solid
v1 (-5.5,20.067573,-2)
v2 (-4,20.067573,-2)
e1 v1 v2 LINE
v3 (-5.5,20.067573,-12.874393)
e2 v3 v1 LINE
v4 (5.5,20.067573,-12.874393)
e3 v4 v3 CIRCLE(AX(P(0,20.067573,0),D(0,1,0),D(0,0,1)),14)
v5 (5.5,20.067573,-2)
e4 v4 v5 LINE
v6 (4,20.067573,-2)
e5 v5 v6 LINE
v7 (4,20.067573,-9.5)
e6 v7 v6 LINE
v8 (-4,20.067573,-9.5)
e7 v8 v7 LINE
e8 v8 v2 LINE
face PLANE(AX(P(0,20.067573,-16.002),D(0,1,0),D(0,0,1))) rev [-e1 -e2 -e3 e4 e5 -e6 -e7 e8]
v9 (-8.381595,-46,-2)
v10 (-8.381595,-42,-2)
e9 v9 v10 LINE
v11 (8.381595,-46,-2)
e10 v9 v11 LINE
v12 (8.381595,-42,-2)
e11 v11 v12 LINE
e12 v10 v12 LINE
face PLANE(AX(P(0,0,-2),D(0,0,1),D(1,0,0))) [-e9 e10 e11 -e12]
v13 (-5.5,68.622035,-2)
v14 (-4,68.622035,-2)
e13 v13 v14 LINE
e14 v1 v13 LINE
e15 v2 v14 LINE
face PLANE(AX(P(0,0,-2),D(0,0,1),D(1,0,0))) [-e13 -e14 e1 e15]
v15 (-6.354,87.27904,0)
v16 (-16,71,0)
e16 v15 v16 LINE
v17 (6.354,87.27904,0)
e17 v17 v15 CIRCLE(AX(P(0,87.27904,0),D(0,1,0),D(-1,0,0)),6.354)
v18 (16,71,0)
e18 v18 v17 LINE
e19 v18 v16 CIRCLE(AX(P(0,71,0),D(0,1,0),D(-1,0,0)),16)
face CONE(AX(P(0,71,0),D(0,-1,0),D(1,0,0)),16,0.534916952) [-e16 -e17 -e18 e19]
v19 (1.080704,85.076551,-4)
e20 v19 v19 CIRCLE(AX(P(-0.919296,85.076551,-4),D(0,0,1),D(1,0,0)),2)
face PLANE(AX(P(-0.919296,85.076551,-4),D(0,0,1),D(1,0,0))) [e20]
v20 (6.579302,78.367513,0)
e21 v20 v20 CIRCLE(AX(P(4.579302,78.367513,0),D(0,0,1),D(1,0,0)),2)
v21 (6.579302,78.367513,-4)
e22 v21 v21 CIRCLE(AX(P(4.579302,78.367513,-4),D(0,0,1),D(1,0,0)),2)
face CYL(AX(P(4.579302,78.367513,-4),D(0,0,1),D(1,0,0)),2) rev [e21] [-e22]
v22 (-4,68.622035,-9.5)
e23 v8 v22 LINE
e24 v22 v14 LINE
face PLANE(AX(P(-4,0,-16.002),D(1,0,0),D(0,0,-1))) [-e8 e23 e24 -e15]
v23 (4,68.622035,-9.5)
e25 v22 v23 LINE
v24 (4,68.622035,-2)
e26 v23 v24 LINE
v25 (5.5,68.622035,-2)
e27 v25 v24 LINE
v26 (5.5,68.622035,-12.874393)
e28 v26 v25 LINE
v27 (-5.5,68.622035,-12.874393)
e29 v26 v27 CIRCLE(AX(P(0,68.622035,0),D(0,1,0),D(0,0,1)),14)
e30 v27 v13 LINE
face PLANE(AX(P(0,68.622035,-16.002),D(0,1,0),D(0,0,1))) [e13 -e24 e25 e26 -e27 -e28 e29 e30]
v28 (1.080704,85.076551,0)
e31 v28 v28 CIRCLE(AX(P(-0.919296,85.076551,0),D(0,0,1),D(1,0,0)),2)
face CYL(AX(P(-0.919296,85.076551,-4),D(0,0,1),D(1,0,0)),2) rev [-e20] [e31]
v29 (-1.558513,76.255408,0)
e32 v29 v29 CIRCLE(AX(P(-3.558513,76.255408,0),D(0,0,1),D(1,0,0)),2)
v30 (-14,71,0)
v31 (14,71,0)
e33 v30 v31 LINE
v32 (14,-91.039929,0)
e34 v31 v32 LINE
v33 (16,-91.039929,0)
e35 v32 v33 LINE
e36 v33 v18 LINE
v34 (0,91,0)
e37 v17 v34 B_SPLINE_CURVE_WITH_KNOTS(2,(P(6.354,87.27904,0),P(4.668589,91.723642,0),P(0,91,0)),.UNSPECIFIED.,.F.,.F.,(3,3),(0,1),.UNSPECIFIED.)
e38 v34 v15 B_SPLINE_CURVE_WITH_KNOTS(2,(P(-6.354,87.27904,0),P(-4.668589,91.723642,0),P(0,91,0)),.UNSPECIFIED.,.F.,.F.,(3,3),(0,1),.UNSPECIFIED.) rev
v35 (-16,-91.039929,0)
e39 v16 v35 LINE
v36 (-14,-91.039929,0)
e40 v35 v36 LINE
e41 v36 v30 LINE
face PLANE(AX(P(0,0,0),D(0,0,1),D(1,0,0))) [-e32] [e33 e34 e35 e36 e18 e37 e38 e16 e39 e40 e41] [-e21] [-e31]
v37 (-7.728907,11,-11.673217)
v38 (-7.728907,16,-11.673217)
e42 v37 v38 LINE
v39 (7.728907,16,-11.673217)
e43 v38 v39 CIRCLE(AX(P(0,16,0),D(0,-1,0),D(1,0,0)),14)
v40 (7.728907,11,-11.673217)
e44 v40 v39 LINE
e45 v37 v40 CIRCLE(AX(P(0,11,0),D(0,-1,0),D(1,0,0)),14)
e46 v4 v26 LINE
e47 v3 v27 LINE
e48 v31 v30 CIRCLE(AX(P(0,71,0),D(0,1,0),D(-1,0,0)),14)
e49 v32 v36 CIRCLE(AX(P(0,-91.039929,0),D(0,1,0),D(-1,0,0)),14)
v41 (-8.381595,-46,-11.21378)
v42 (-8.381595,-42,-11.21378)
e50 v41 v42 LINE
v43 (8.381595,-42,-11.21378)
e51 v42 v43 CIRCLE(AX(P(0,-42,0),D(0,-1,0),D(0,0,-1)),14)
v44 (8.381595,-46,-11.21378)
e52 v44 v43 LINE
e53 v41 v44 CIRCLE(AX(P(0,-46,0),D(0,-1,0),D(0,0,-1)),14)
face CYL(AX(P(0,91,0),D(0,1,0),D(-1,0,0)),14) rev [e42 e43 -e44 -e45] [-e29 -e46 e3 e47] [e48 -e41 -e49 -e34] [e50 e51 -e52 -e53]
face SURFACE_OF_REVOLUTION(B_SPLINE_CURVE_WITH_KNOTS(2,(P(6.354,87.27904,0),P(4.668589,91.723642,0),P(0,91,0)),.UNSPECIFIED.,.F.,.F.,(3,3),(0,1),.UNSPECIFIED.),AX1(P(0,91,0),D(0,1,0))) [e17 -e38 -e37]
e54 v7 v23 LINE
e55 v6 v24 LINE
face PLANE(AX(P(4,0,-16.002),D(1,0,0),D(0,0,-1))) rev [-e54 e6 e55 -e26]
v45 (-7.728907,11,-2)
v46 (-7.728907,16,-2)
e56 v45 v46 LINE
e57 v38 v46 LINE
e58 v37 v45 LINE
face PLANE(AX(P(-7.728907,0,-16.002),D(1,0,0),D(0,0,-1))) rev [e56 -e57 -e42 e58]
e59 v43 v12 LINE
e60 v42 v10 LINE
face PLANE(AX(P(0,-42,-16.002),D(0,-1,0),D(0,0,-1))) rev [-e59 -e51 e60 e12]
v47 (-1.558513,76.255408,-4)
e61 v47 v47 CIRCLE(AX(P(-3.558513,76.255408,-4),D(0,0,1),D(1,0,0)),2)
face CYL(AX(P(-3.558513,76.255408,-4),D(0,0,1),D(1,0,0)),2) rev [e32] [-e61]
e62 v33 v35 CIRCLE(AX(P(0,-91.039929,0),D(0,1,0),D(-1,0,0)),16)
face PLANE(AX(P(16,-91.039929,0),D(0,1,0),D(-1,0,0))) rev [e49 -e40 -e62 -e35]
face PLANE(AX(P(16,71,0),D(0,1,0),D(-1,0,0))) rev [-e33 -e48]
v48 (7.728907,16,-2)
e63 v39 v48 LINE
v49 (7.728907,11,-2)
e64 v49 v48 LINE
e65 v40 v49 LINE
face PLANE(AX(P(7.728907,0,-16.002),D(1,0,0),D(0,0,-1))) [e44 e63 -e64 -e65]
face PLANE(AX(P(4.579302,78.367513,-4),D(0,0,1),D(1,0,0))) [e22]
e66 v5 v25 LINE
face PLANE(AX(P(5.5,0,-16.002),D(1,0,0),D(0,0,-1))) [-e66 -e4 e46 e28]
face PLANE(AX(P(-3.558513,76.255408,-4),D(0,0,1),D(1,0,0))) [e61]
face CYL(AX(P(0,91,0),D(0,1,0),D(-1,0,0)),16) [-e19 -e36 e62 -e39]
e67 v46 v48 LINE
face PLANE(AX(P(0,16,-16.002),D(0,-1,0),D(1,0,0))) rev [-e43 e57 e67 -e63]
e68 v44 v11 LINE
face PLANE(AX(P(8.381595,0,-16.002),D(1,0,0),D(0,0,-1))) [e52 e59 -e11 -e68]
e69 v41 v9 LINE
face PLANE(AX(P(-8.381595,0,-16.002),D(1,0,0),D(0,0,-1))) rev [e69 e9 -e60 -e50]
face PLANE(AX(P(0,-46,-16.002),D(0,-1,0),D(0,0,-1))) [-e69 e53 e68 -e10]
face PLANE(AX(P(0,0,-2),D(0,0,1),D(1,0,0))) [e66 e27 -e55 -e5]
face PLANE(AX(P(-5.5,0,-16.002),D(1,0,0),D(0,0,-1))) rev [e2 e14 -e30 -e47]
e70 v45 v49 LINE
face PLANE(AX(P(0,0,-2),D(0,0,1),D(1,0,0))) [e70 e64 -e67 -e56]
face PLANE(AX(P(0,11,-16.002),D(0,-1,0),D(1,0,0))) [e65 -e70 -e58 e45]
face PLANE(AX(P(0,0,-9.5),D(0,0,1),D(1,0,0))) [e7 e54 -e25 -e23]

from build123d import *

# Parameters (mm, degrees)
SKETCH2_W                = 2
SKETCH2_H                = 162.039928857
SKETCH5_W                = 72.783621468
SKETCH5_H                = 192.84631039
CUT_EXTRUDE1_DEPTH       = 94.869329042
BOSS_EXTRUDE1_REACH      = 97.869
BOSS_EXTRUDE1_END_RADIUS = 14
BOSS_EXTRUDE1_START      = -2
SKETCH4_W                = 15.457813272
SKETCH4_H                = 5
SKETCH4_W_2              = 16.763190872
SKETCH4_H_2              = 4
SKETCH4_W_3              = 1.5
SKETCH4_H_3              = 48.554461885
BOSS_EXTRUDE2_REACH      = 105.369
BOSS_EXTRUDE2_START      = -9.5
SKETCH4_4_W              = 8
SKETCH4_4_H              = 48.554461885
SKETCH6_R                = 2
CUT_EXTRUDE2_DEPTH       = 4


with BuildPart() as part:
    # Sketch1 → Revolve1 (revolve)
    with BuildSketch(Plane.XY, mode=Mode.PRIVATE) as revolve1_sk:
        with BuildLine():
            Line((6.354000149, 87.279039692), (16, 71))
            Line((16, 71), (0, 71))
            Line((0, 71), (0, 91))
            add(Edge.make_bspline(
                [(0, 91), (4.668589185, 91.723642341), (6.354000149, 87.279039692)],
                knots=[0, 0, 0, 1, 1, 1], degree=2))
        make_face()
    revolve(revolve1_sk.sketch.rotate(Axis((0, 91, 0), (0, -1, 0)), 180), axis=Axis((0, 91, 0), (0, -1, 0)))

    # Sketch2 → Revolve2 (revolve)
    with BuildSketch(Plane.XY, mode=Mode.PRIVATE) as revolve2_sk:
        with Locations((15, -10.019964429)):
            Rectangle(SKETCH2_W, SKETCH2_H)
    revolve(revolve2_sk.sketch.rotate(Axis((0, 91, 0), (0, -1, 0)), 180), axis=Axis((0, 91, 0), (0, -1, 0)))

    # Sketch5 → Cut-Extrude1 (cut, through all)
    with BuildSketch(Plane.XY):
        Rectangle(SKETCH5_W, SKETCH5_H)
    extrude(amount=CUT_EXTRUDE1_DEPTH, mode=Mode.SUBTRACT)

    # Boss-Extrude1: up to this cylinder (the profile starts inside it)
    boss_extrude1_end = Plane(origin=(0, 0.172402, 0), z_dir=(0, 1, 0)) * Cylinder(BOSS_EXTRUDE1_END_RADIUS, 313.082804, mode=Mode.PRIVATE)
    # Sketch4 → Boss-Extrude1 (add, up to the surface)
    with BuildSketch(Plane.XY.offset(BOSS_EXTRUDE1_START), mode=Mode.PRIVATE) as boss_extrude1_sk1:
        with Locations((0, 13.5)):
            Rectangle(SKETCH4_W, SKETCH4_H)
    boss_extrude1_tool1 = extrude(boss_extrude1_sk1.sketch, amount=-BOSS_EXTRUDE1_REACH, mode=Mode.PRIVATE) & boss_extrude1_end
    add(boss_extrude1_tool1.solids().sort_by_distance((0, 13.5, -2))[0])
    # Sketch4 → Boss-Extrude1 (add, up to the surface)
    with BuildSketch(Plane.XY.offset(BOSS_EXTRUDE1_START), mode=Mode.PRIVATE) as boss_extrude1_sk2:
        with Locations((0, -44)):
            Rectangle(SKETCH4_W_2, SKETCH4_H_2)
    boss_extrude1_tool2 = extrude(boss_extrude1_sk2.sketch, amount=-BOSS_EXTRUDE1_REACH, mode=Mode.PRIVATE) & boss_extrude1_end
    add(boss_extrude1_tool2.solids().sort_by_distance((0, -44, -2))[0])
    # Sketch4 → Boss-Extrude1 (add, up to the surface)
    with BuildSketch(Plane.XY.offset(BOSS_EXTRUDE1_START), mode=Mode.PRIVATE) as boss_extrude1_sk3:
        with Locations((4.75, 44.344804049)):
            Rectangle(SKETCH4_W_3, SKETCH4_H_3)
    boss_extrude1_tool3 = extrude(boss_extrude1_sk3.sketch, amount=-BOSS_EXTRUDE1_REACH, mode=Mode.PRIVATE) & boss_extrude1_end
    add(boss_extrude1_tool3.solids().sort_by_distance((4.75, 44.344804, -2))[0])
    # Sketch4 → Boss-Extrude1 (add, up to the surface)
    with BuildSketch(Plane.XY.offset(BOSS_EXTRUDE1_START), mode=Mode.PRIVATE) as boss_extrude1_sk4:
        with Locations((-4.75, 44.344804049)):
            Rectangle(SKETCH4_W_3, SKETCH4_H_3)
    boss_extrude1_tool4 = extrude(boss_extrude1_sk4.sketch, amount=-BOSS_EXTRUDE1_REACH, mode=Mode.PRIVATE) & boss_extrude1_end
    add(boss_extrude1_tool4.solids().sort_by_distance((-4.75, 44.344804, -2))[0])

    # Sketch4<4> → Boss-Extrude2 (add, up to next)
    with BuildSketch(Plane.XY.offset(BOSS_EXTRUDE2_START), mode=Mode.PRIVATE) as boss_extrude2_sk1:
        with Locations((0, 44.344804049)):
            Rectangle(SKETCH4_4_W, SKETCH4_4_H)
    boss_extrude2_tool1 = extrude(boss_extrude2_sk1.sketch, amount=-BOSS_EXTRUDE2_REACH, mode=Mode.PRIVATE) - part.part
    add(boss_extrude2_tool1.solids().sort_by_distance((0, 44.344804, -9.5))[0])

    # Sketch6 → Cut-Extrude2 (cut)
    with BuildSketch(Plane.XY):
        with Locations((4.579301858, 78.367512537)):
            Circle(SKETCH6_R)
        with Locations((-3.558513385, 76.255407818)):
            Circle(SKETCH6_R)
        with Locations((-0.919296183, 85.076551058)):
            Circle(SKETCH6_R)
    extrude(amount=-CUT_EXTRUDE2_DEPTH, mode=Mode.SUBTRACT)


solid = part.part
